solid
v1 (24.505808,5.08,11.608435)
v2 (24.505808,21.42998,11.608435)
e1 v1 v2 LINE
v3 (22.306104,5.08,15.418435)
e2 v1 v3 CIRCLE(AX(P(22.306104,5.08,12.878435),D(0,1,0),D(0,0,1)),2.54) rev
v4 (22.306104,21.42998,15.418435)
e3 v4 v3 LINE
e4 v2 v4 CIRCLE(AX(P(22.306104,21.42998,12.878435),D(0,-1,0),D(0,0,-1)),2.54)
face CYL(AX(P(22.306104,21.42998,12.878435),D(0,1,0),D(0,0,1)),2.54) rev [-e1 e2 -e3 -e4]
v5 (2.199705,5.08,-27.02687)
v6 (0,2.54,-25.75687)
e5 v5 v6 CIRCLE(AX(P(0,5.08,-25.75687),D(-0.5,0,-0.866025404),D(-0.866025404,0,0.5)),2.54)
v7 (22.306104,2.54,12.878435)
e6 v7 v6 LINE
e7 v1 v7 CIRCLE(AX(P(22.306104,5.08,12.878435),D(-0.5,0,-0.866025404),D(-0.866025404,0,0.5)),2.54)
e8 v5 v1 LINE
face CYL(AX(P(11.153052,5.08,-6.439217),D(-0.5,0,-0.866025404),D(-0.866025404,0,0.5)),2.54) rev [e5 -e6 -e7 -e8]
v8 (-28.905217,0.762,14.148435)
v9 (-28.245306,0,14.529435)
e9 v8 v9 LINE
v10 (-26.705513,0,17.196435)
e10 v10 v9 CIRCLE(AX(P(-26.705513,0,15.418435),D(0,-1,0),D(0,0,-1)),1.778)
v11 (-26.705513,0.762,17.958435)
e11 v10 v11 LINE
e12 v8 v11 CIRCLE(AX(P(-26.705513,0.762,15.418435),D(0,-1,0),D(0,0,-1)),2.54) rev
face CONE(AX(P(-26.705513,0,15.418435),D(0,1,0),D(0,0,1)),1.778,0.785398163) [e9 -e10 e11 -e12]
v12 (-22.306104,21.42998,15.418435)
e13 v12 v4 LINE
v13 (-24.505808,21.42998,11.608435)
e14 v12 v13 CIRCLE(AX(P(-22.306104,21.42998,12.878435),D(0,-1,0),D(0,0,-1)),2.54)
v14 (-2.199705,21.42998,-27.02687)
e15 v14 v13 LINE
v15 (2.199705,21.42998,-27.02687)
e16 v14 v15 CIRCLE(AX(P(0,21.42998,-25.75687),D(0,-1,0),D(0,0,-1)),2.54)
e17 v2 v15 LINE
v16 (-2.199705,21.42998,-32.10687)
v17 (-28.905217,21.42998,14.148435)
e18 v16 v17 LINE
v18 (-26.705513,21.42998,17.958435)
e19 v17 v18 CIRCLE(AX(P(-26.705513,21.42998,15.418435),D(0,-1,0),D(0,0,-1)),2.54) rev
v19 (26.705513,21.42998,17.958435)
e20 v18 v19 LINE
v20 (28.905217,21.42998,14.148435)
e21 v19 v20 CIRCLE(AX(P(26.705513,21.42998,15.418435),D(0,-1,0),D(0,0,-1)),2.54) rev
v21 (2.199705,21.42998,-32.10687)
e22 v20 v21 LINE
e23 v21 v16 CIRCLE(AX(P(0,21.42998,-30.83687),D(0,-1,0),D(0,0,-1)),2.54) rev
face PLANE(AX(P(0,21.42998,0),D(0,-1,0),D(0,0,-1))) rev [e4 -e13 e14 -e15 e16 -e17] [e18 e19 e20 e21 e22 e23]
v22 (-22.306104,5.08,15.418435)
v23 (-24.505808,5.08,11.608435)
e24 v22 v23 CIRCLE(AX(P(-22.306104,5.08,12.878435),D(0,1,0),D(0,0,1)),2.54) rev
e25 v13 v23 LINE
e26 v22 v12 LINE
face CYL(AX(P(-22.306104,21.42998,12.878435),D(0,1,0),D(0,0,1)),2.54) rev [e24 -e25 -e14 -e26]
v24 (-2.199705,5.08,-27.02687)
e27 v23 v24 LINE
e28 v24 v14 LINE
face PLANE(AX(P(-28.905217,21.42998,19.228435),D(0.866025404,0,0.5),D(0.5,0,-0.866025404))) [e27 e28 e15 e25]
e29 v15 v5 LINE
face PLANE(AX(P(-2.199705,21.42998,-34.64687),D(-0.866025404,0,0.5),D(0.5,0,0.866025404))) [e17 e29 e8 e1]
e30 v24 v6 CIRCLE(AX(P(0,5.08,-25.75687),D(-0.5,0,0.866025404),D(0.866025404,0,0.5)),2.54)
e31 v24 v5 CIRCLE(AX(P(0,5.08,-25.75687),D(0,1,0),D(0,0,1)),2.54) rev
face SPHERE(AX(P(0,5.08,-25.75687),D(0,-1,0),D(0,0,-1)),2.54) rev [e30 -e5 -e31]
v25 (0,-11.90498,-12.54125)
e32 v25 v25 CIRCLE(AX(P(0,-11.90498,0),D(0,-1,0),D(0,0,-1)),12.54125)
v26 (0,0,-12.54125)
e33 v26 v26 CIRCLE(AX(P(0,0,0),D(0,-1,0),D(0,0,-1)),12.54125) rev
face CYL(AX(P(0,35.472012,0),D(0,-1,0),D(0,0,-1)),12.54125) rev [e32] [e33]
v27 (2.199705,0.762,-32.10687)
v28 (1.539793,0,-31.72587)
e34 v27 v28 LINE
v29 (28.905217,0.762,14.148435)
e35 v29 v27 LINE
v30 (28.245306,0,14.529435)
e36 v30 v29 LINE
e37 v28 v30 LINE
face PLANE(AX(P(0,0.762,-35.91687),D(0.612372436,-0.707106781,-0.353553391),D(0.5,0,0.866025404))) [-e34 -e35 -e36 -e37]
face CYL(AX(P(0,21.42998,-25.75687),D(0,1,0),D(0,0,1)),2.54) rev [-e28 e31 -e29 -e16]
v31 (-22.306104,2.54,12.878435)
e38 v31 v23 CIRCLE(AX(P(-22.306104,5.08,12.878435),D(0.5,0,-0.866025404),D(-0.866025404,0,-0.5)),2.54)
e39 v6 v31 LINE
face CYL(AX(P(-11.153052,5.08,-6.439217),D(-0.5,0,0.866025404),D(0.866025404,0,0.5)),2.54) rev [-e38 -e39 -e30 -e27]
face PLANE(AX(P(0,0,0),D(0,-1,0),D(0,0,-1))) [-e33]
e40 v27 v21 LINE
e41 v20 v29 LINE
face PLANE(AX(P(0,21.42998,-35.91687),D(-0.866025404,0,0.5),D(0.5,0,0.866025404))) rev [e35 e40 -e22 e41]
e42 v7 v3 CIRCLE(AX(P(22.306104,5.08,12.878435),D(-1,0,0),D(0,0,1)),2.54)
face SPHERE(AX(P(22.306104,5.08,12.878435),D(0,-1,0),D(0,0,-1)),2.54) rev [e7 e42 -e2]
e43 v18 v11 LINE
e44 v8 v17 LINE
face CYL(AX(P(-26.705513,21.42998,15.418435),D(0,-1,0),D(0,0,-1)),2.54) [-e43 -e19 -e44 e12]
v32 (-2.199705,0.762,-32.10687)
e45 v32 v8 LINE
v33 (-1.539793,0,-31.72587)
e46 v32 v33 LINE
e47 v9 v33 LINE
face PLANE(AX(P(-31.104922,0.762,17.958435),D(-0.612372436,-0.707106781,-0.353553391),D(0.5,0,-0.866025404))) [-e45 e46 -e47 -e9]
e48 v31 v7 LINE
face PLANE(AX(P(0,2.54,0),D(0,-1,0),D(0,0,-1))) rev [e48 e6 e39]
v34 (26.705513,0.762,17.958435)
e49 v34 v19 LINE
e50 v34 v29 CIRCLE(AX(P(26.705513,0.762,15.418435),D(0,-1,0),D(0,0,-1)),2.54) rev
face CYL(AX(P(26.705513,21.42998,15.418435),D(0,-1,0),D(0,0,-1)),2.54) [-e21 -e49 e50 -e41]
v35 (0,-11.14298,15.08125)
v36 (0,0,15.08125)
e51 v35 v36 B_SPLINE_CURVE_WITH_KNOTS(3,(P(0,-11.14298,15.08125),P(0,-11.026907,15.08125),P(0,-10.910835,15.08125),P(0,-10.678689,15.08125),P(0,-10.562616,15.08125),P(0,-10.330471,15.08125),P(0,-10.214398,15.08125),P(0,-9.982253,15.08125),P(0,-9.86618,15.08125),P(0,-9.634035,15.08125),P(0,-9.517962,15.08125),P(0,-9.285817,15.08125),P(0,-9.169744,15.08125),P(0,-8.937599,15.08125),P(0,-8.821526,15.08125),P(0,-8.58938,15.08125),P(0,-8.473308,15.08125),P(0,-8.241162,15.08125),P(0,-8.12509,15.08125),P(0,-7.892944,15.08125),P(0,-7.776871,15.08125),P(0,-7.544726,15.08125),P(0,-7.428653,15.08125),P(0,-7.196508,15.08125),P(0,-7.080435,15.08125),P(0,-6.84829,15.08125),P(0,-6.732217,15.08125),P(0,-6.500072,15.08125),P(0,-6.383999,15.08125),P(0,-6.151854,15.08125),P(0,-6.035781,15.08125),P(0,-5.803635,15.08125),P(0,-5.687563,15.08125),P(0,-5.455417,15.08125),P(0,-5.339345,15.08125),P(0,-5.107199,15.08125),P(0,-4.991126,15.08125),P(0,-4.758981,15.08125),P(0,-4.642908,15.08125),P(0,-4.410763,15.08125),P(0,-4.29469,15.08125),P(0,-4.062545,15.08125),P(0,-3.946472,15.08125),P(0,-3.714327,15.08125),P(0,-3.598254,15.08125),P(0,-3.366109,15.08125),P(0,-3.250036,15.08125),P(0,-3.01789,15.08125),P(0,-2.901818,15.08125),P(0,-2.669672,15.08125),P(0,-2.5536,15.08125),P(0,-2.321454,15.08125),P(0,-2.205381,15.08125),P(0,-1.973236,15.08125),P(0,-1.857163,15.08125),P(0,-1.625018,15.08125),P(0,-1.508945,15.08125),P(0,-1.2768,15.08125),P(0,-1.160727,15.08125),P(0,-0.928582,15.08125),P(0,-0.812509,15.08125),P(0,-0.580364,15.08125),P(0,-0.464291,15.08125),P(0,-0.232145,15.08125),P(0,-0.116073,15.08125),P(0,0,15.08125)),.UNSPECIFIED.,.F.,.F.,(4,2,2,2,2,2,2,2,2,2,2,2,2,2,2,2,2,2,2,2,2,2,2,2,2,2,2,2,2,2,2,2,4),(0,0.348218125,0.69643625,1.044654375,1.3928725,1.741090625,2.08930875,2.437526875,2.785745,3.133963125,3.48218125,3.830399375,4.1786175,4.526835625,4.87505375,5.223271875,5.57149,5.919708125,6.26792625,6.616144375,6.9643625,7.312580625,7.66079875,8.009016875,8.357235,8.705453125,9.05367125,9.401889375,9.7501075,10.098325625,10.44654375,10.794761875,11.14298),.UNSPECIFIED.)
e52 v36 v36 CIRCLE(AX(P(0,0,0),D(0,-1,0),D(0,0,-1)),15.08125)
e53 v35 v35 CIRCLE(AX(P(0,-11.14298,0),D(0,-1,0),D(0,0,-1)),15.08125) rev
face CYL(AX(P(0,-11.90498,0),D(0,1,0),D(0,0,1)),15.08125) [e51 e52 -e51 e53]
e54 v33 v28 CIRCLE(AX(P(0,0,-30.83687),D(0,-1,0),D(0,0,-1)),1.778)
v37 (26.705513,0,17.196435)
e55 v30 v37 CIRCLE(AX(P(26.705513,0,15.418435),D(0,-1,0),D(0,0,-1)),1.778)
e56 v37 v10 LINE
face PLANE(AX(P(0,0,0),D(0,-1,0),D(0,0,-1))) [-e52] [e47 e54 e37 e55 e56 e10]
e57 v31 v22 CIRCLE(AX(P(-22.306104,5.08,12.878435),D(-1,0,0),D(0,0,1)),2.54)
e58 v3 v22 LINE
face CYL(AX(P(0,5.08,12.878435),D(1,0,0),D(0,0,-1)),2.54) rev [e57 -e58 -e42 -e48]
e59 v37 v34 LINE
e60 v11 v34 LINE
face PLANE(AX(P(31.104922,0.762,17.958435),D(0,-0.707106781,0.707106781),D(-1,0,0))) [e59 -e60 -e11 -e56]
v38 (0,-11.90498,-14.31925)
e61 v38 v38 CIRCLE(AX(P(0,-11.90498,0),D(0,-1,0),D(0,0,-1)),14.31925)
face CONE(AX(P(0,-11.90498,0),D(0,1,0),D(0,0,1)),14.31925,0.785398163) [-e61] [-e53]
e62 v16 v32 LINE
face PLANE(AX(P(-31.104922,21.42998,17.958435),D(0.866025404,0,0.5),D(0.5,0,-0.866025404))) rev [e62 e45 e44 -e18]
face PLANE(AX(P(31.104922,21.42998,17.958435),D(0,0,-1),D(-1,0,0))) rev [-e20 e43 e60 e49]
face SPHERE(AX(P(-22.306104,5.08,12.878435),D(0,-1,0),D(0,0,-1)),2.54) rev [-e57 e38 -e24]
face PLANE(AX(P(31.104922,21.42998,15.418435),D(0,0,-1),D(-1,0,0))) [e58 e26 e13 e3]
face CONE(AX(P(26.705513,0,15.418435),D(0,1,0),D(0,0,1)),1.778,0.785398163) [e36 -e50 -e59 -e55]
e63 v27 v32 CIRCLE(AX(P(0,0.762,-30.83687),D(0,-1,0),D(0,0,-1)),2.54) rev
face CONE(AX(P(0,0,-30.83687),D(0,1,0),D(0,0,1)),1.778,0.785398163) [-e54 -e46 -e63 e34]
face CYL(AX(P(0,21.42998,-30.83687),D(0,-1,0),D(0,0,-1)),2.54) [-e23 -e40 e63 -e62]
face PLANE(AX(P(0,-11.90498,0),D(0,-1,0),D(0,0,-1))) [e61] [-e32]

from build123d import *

# Parameters (mm, degrees)
BOSS_EXTRUDE1_DEPTH = 21.42998
SHELL1_T            = -2.54
SKETCH3_R           = 15.08125
BOSS_EXTRUDE2_DEPTH = 11.90498
FILLET1_R           = 2.54
FILLET2_R           = 2.54
FILLET3_R           = 2.54
CHAMFER2_SIZE       = 0.762
SKETCH5_R           = 12.54125
CUT_EXTRUDE1_DEPTH  = 11.90498
CHAMFER3_SIZE       = 0.762


with BuildPart() as part:
    # Sketch1 → Boss-Extrude1 (new body)
    with BuildSketch(Plane(origin=(0, 0, 0), x_dir=(1, 0, 0), z_dir=(0, 1, 0))):
        Polygon((0, 35.91687), (31.104921844, -17.958435), (-31.104921844, -17.958435), align=None)
    extrude(amount=BOSS_EXTRUDE1_DEPTH)

    # Shell1
    shell1_openings = [part.faces().sort_by_distance(p)[0] for p in [
        (0, 21.42998, 0),
    ]]
    offset(amount=SHELL1_T, openings=shell1_openings, kind=Kind.INTERSECTION)

    # Sketch3 → Boss-Extrude2 (add)
    with BuildSketch(Plane.XZ):
        with Locations(Location((0, 0, 0), (0, 0, 90))):
            Circle(SKETCH3_R)
    extrude(amount=BOSS_EXTRUDE2_DEPTH)

    # Fillet1
    fillet1_edges = [part.edges().sort_by_distance(p)[0] for p in [
        (0, 10.71499, -35.91687),
        (31.104921844, 10.71499, 17.958435),
        (-31.104921844, 10.71499, 17.958435),
    ]]
    fillet(fillet1_edges, radius=FILLET1_R)

    # Fillet2
    fillet2_edges = [part.edges().sort_by_distance(p)[0] for p in [
        (0, 11.98499, -30.83687),
        (-26.705512793, 11.98499, 15.418435),
        (26.705512793, 11.98499, 15.418435),
    ]]
    fillet(fillet2_edges, radius=FILLET2_R)

    # Fillet3
    fillet3_edges = [part.edges().sort_by_distance(p)[0] for p in [
        (13.352756397, 2.54, -7.7092175),
        (-13.352756397, 2.54, -7.7092175),
        (0, 2.54, 15.418435),
        (-24.505808268, 2.54, 14.148435),
        (24.505808268, 2.54, 14.148435),
        (0, 2.54, -28.29687),
    ]]
    fillet(fillet3_edges, radius=FILLET3_R)

    # Chamfer2
    chamfer2_edges = [part.edges().sort_by_distance(p)[0] for p in [
        (-15.552460922, 0, -8.9792175),
        (15.552460922, 0, -8.9792175),
        (0, 0, 17.958435),
        (-28.905217319, 0, 16.688435),
        (28.905217319, 0, 16.688435),
        (0, 0, -33.37687),
    ]]
    chamfer(chamfer2_edges, length=CHAMFER2_SIZE)

    # Sketch5 → Cut-Extrude1 (cut)
    with BuildSketch(Plane.XZ.offset(11.90498)):
        with Locations(Location((0, 0, 0), (0, 0, 270))):
            Circle(SKETCH5_R)
    extrude(amount=-CUT_EXTRUDE1_DEPTH, mode=Mode.SUBTRACT)

    # Chamfer3
    chamfer3_edges = [part.edges().sort_by_distance(p)[0] for p in [
        (0, -11.90498, -15.08125),
    ]]
    chamfer(chamfer3_edges, length=CHAMFER3_SIZE)


solid = part.part
